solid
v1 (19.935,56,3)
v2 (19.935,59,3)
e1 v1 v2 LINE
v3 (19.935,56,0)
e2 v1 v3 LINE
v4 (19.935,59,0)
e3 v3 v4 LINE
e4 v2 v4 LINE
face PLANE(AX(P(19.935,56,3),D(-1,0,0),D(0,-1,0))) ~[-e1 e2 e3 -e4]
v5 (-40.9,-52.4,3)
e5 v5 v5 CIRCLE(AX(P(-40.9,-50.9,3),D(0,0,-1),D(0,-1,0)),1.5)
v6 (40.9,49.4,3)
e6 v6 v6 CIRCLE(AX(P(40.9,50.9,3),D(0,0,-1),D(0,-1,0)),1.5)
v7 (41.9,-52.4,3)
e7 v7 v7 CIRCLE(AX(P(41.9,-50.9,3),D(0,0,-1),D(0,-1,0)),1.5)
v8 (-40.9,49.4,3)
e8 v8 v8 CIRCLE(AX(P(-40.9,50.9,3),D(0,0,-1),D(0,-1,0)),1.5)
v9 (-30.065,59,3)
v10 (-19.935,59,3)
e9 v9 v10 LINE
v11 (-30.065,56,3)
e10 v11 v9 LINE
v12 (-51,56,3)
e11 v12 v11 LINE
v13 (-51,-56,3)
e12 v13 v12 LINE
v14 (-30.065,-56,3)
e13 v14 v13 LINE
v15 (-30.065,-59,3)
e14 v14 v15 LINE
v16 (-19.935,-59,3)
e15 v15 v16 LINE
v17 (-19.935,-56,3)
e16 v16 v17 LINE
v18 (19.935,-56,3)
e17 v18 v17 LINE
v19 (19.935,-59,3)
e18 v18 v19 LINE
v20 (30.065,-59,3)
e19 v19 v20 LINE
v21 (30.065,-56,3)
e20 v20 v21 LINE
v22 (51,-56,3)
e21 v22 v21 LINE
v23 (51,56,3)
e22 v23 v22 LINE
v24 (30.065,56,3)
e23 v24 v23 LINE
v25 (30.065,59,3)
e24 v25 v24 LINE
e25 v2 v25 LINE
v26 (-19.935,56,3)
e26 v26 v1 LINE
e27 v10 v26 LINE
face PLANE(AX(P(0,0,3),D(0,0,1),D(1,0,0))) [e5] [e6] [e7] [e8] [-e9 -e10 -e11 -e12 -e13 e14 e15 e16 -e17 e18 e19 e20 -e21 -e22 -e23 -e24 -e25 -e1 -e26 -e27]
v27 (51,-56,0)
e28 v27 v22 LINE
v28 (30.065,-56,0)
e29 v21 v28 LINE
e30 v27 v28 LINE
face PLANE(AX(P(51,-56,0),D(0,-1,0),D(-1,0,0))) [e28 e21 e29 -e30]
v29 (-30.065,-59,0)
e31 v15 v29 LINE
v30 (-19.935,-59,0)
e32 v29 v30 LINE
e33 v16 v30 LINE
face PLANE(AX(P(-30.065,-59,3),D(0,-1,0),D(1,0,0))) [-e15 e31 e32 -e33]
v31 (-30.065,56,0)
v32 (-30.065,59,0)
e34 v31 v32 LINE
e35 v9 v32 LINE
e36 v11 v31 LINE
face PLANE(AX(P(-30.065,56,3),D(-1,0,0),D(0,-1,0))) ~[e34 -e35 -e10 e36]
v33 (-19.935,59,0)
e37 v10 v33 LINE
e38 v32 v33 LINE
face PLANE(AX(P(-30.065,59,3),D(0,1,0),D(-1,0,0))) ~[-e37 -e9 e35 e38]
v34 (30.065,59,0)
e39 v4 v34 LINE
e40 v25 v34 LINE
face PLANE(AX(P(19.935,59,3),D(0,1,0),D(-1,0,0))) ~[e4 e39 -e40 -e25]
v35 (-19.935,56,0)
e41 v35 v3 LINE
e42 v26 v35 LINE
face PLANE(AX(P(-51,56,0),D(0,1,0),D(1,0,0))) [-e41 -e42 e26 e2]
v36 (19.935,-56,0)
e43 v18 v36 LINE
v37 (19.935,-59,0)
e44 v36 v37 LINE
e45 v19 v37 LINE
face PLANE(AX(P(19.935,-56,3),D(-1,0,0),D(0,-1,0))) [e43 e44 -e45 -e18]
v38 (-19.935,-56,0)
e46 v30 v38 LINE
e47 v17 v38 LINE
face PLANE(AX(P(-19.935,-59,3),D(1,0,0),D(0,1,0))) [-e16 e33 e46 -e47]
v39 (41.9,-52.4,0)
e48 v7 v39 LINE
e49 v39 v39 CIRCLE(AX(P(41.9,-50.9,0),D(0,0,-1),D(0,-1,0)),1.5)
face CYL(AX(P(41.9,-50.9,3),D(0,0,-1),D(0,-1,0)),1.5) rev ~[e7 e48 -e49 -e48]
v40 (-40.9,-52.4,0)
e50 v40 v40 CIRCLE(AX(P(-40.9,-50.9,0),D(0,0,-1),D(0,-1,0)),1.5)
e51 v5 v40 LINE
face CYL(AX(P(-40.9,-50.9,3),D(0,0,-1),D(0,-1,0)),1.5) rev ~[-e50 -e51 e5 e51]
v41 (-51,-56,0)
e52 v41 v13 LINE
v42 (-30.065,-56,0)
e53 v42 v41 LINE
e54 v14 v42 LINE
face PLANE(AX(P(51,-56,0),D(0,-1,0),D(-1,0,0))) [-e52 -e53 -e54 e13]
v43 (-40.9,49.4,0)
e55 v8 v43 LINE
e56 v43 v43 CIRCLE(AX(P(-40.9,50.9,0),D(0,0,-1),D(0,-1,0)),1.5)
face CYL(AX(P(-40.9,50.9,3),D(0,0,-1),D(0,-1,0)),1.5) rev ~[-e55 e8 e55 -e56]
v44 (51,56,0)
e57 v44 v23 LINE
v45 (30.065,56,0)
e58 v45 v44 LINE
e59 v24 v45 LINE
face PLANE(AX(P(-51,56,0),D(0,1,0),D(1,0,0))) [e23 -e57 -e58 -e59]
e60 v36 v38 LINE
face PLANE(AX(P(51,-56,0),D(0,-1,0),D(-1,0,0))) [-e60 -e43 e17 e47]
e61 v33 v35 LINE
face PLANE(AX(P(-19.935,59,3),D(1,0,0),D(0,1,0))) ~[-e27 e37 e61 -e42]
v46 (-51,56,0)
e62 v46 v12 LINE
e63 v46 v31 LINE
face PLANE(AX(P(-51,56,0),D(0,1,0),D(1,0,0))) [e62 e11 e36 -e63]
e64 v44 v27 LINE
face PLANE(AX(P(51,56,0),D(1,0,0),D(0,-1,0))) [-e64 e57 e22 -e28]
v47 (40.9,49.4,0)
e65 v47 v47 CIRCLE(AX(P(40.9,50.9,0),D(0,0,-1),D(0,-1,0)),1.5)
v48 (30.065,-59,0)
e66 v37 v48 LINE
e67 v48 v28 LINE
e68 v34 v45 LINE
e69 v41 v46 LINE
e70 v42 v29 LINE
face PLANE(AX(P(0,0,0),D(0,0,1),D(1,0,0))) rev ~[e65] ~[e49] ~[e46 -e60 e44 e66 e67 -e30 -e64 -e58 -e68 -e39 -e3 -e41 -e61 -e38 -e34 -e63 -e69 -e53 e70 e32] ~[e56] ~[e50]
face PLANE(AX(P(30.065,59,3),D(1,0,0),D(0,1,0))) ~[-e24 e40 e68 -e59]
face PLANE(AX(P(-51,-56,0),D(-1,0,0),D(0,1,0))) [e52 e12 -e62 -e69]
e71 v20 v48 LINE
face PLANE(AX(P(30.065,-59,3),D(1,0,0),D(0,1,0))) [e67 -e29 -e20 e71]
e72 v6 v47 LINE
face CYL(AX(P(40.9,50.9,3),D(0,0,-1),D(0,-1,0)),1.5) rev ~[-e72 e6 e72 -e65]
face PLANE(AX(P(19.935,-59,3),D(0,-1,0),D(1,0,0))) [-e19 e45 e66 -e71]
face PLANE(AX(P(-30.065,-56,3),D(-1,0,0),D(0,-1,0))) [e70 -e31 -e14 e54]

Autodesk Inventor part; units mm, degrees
ref_plane "YZ Plane" through (0, 0, 0) normal (1, 0, 0) x (0, 1, 0)
ref_plane "XZ Plane" through (0, 0, 0) normal (0, 1, 0) x (-1, 0, 0)
sketch "Sketch1" plane through (0, 0, 0) normal (0, 0, 1) x (1, 0, 0)
  line L0 (-51, 56) -> (51, 56)
  line L1 (51, 56) -> (51, -56)
  line L2 (51, -56) -> (-51, -56)
  line L3 (-51, -56) -> (-51, 56)
  line L4 (-51, 56) -> (51, -56) construction
  line L5 (51, 56) -> (-51, -56) construction
  point P0 (0, 0)
  point P1 (0, 0)
  point P2 (0, 0)
  dimension "d0" = 102
  dimension "d1" = 112
extrude "Extrusion1" add sketch "Sketch1" along normal blind 3
sketch "Sketch2" plane through (0, 0, 3) normal (0, 0, 1) x (1, 0, 0)
  line L0 (-51, -56) -> (51, -56) projected
  line L1 (-30.065, -59) -> (-19.935, -59)
  line L2 (-19.935, -59) -> (-19.935, -56)
  line L3 (-19.935, -56) -> (-30.065, -56)
  line L4 (-30.065, -56) -> (-30.065, -59)
  line L5 (-30.065, -59) -> (-19.935, -56) construction
  line L6 (-19.935, -59) -> (-30.065, -56) construction
  line L7 (19.935, -59) -> (30.065, -59)
  line L8 (30.065, -59) -> (30.065, -56)
  line L9 (30.065, -56) -> (19.935, -56)
  line L10 (19.935, -56) -> (19.935, -59)
  line L11 (19.935, -59) -> (30.065, -56) construction
  line L12 (30.065, -59) -> (19.935, -56) construction
  point P0 (0, 0)
  point P1 (-25, -57.5)
  point P2 (25, -57.5)
  dimension "d4" = 3
  dimension "d5" = 25
  dimension "d6" = 25
  dimension "d7" = 10.13
  dimension "d8" = 10.13
extrude "Extrusion2" add sketch "Sketch2" against normal blind 3
mirror "Mirror1" about plane through (0, 0, 0) normal (0, 1, 0) of "Extrusion2"
sketch "Sketch3" plane through (0, 0, 0) normal (0, 0, -1) x (-1, 0, 0)
  line L0 (-51, -56) -> (-51, 56) construction
  line L1 (-51, 55) -> (51, 55) construction
  line L2 (51, 56) -> (51, -56) construction
  line L3 (-51, -55) -> (51, -55) construction
  line L4 (-19.935, -56) -> (19.935, -56) construction
  line L5 (-30.065, 56) -> (-51, 56) construction
  point P0 (0, 0)
  dimension "d11" = 1
  dimension "d12" = 1
ref_plane "Work Plane1" through (-19.935, -55, 0) normal (0, -1, 0) x (1, 0, 0)
sketch "Sketch4" plane through (0, 0, 3) normal (0, 0, 1) x (1, 0, 0)
  line L0 (-51, 56) -> (-51, -56) projected
  line L1 (-51, -56) -> (-30.065, -56) projected
  line L2 (-30.065, 56) -> (-51, 56) projected
  line L3 (51, -56) -> (51, 56) projected
  point P0 (0, 0)
  point P1 (-40.9, -50.9)
  point P2 (-40.9, 50.9)
  point P3 (41.9, -50.9)
  point P4 (40.9, 50.9)
  dimension "d14" = 10.1
  dimension "d15" = 5.1
  dimension "d16" = 5.1
  dimension "d17" = 9.1
  dimension "d32" = 10.1
hole "Hole2" at (-40.9, -50.9, 3) at (41.9, -50.9, 3) at (40.9, 50.9, 3) at (-40.9, 50.9, 3) direction (0, 0, -1) diameter 3 end through all
equation "\"d6\" = d5"
equation "\"d8\" = d7"
equation "\"d12\" = d11"
equation "\"d16\" = d15"
equation "\"kerf\" = 0.13"
properties part number "BottomPlate" material "Acrylic, Clear"
